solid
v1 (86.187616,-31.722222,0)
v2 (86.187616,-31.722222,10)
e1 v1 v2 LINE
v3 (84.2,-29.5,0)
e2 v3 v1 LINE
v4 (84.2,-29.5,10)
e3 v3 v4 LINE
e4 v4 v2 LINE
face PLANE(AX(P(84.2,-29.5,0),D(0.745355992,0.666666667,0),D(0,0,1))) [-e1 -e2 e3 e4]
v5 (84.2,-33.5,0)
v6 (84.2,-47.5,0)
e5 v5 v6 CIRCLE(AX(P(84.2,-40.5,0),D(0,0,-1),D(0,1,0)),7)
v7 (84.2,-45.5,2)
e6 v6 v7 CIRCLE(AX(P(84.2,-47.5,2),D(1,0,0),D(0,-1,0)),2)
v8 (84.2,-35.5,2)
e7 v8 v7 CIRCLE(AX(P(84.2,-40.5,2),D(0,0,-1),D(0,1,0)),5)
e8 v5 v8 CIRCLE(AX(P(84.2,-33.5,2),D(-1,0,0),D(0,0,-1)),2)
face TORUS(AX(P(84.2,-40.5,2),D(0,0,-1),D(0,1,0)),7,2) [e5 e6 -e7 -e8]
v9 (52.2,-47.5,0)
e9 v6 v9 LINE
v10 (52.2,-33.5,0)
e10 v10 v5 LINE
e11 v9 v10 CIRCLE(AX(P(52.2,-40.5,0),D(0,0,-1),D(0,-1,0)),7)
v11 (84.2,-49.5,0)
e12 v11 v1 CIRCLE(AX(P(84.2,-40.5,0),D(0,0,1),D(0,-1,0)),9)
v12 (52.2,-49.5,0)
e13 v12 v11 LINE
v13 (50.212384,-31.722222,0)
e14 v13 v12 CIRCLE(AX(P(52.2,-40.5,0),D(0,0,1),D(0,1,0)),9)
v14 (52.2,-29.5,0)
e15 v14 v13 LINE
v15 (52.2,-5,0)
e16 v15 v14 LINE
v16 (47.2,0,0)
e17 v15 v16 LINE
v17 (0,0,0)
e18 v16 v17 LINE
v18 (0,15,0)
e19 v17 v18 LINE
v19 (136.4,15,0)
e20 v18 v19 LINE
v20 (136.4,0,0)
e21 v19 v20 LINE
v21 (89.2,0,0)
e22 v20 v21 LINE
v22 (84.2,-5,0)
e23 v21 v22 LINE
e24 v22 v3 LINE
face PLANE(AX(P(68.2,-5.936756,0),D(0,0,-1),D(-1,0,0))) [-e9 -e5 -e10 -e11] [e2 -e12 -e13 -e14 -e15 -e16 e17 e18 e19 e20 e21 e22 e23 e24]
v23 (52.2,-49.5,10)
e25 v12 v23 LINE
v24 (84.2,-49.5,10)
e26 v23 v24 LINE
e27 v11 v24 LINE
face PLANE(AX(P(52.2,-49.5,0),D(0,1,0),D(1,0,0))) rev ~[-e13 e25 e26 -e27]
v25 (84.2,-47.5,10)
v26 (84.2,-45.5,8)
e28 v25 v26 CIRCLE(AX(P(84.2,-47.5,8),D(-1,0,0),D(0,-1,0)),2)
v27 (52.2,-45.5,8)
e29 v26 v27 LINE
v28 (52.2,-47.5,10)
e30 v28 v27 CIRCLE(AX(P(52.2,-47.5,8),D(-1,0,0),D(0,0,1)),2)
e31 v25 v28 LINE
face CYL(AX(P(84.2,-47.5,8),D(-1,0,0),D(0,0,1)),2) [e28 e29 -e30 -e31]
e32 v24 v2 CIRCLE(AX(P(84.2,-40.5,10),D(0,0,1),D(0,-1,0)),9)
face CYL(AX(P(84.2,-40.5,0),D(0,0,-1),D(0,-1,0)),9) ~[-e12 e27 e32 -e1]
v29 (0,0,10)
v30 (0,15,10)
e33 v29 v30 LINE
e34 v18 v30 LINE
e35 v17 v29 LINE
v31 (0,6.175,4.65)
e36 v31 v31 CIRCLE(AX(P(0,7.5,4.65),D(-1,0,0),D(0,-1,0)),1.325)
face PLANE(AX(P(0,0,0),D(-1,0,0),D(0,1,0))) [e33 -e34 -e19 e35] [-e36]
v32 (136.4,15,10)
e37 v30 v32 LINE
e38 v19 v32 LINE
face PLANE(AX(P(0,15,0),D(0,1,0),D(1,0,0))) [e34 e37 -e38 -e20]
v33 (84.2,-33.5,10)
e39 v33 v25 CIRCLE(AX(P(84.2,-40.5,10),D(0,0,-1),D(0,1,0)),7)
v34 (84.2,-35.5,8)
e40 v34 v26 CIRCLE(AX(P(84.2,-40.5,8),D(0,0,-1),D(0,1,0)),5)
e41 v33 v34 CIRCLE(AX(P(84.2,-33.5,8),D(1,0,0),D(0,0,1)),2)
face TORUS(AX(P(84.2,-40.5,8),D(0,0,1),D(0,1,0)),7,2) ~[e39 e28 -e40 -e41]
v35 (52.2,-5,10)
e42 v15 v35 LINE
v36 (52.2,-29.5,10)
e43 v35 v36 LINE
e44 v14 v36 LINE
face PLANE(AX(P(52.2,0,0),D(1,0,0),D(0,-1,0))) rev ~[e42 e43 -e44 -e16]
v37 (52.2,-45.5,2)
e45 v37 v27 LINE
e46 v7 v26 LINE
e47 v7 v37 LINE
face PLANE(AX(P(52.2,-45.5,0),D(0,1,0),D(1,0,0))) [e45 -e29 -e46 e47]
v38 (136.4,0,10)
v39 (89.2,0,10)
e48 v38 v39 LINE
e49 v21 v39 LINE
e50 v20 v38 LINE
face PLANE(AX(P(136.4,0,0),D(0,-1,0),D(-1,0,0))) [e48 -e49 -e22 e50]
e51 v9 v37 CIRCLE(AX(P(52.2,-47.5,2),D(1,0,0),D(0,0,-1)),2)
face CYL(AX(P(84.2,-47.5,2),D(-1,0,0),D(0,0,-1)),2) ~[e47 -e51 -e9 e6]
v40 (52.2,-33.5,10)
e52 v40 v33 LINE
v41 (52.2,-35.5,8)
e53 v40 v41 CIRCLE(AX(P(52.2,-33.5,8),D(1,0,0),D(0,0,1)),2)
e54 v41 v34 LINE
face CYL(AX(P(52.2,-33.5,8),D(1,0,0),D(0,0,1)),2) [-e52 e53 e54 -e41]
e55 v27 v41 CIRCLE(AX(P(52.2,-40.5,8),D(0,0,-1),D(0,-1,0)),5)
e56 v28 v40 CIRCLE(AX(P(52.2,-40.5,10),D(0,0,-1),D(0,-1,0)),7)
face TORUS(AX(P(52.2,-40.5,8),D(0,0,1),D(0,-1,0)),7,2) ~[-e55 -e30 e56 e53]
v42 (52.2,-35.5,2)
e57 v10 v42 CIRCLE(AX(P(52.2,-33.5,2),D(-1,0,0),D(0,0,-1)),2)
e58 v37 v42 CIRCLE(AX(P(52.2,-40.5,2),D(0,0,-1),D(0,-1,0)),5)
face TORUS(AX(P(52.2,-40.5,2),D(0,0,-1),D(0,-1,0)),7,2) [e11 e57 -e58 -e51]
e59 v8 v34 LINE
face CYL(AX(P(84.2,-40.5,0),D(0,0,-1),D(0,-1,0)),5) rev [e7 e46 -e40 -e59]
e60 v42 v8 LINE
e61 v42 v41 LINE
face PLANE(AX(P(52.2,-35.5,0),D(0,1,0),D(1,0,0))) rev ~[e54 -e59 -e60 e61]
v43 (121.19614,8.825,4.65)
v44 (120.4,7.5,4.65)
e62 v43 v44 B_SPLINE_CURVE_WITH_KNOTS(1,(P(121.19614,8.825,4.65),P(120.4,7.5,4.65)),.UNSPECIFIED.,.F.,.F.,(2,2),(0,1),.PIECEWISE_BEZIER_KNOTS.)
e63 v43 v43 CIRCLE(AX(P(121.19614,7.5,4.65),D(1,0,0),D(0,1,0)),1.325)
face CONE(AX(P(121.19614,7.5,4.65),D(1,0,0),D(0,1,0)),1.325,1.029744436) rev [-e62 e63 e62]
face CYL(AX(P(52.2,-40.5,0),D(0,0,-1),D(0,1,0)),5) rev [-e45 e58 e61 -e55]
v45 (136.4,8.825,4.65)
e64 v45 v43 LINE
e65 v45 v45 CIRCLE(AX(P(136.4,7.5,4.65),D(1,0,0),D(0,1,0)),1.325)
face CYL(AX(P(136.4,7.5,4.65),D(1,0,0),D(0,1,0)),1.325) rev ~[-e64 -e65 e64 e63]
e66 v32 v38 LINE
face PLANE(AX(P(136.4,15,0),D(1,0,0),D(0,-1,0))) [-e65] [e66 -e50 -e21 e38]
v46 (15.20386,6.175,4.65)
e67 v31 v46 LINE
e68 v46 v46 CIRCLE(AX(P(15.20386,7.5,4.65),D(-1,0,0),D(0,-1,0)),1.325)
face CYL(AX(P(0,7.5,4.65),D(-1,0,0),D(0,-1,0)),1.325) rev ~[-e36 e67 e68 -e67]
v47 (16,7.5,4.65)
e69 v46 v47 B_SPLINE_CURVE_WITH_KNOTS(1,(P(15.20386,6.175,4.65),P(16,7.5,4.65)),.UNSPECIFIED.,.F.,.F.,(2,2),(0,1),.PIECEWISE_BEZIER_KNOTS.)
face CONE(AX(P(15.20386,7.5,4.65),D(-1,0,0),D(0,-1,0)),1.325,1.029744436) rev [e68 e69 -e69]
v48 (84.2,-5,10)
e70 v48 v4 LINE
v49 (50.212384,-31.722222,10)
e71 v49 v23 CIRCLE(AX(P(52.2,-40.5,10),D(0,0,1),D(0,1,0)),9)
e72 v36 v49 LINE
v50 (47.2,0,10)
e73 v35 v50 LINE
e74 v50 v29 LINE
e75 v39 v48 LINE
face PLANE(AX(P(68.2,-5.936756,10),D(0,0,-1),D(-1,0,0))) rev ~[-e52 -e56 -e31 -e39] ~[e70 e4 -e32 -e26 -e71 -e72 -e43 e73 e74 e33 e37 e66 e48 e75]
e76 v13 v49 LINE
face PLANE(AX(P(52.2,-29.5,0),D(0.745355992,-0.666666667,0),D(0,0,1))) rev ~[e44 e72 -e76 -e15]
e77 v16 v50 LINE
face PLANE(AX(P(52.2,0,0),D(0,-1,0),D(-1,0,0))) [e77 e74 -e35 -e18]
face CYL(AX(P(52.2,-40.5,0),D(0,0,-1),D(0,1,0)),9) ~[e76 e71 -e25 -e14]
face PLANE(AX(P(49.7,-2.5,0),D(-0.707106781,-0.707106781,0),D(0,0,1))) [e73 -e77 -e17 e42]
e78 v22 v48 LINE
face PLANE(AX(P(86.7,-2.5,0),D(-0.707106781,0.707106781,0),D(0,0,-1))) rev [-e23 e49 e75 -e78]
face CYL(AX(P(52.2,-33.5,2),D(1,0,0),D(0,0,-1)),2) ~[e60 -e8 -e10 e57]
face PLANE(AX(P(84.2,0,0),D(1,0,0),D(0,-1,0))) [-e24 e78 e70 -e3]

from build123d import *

# Parameters (mm, degrees)
PAD_DEPTH       = 10
SKETCH001_R     = 1.325
HOLE_DEPTH      = 15.20386
HOLE_TIPS_R     = 1.325
SKETCH002_R     = 1.325
HOLE001_DEPTH   = 15.20386
HOLE001_TIPS_R  = 1.325
FILLET_R        = 2
CHAMFER_SIZE    = 2
CHAMFER001_SIZE = 5


with BuildPart() as part:
    # Sketch → Pad (new body)
    with BuildSketch(Plane.XY):
        with BuildLine():
            Line((0, 15), (136.4, 15))
            Line((136.4, 15), (136.4, 0))
            Line((136.4, 0), (84.2, 0))
            Line((84.2, 0), (84.2, -31.5))
            ThreePointArc((84.2, -49.5), (93.2, -40.5), (84.2, -31.5))
            Line((52.2, -49.5), (84.2, -49.5))
            ThreePointArc((52.2, -31.5), (43.2, -40.5), (52.2, -49.5))
            Line((52.2, 0), (52.2, -31.5))
            Line((52.2, 0), (0, 0))
            Line((0, 0), (0, 15))
        make_face()
        with BuildLine():
            ThreePointArc((52.2, -35.5), (47.2, -40.5), (52.2, -45.5))
            Line((52.2, -45.5), (84.2, -45.5))
            ThreePointArc((84.2, -45.5), (89.2, -40.5), (84.2, -35.5))
            Line((52.2, -35.5), (84.2, -35.5))
        make_face(mode=Mode.SUBTRACT)
    extrude(amount=PAD_DEPTH)

    # Sketch001 (on Face2 of Pad) → Hole (cut)
    with BuildSketch(Plane(origin=(0, 0, 0), x_dir=(0, -1, 0), z_dir=(-1, 0, 0))):
        with Locations((-7.5, 4.65)):
            Circle(SKETCH001_R)
    extrude(amount=-HOLE_DEPTH, mode=Mode.SUBTRACT)

    # Hole tips → Hole tip 1 section 0
    with BuildSketch(Plane(origin=(15.20386, 0, 0), x_dir=(0, -1, 0), z_dir=(-1, 0, 0)), mode=Mode.PRIVATE) as hole_tip_1_s0:
        with Locations((-7.5, 4.65)):
            Circle(HOLE_TIPS_R)
    loft([hole_tip_1_s0.sketch, Vertex(16, 7.5, 4.65)], mode=Mode.SUBTRACT)

    # Sketch002 (on Face4 of Pad) → Hole001 (cut)
    with BuildSketch(Plane.YZ.offset(136.4)):
        with Locations((7.5, 4.65)):
            Circle(SKETCH002_R)
    extrude(amount=-HOLE001_DEPTH, mode=Mode.SUBTRACT)

    # Hole001 tips → Hole001 tip 1 section 0
    with BuildSketch(Plane.YZ.offset(121.19614), mode=Mode.PRIVATE) as hole001_tip_1_s0:
        with Locations((7.5, 4.65)):
            Circle(HOLE001_TIPS_R)
    loft([hole001_tip_1_s0.sketch, Vertex(120.4, 7.5, 4.65)], mode=Mode.SUBTRACT)

    # Fillet
    fillet_edges = [part.edges().sort_by_distance(p)[0] for p in [
        (68.2, -35.5, 10),
        (89.2, -40.5, 10),
        (47.2, -40.5, 10),
        (68.2, -45.5, 10),
        (68.2, -35.5, 0),
        (89.2, -40.5, 0),
        (68.2, -45.5, 0),
        (47.2, -40.5, 0),
    ]]
    fillet(fillet_edges, radius=FILLET_R)

    # Chamfer
    chamfer_edges = [part.edges().sort_by_distance(p)[0] for p in [
        (52.2, -31.5, 5),
        (84.2, -31.5, 5),
    ]]
    chamfer(chamfer_edges, length=CHAMFER_SIZE)

    # Chamfer001
    chamfer001_edges = [part.edges().sort_by_distance(p)[0] for p in [
        (52.2, 0, 5),
        (84.2, 0, 5),
    ]]
    chamfer(chamfer001_edges, length=CHAMFER001_SIZE)


solid = part.part
